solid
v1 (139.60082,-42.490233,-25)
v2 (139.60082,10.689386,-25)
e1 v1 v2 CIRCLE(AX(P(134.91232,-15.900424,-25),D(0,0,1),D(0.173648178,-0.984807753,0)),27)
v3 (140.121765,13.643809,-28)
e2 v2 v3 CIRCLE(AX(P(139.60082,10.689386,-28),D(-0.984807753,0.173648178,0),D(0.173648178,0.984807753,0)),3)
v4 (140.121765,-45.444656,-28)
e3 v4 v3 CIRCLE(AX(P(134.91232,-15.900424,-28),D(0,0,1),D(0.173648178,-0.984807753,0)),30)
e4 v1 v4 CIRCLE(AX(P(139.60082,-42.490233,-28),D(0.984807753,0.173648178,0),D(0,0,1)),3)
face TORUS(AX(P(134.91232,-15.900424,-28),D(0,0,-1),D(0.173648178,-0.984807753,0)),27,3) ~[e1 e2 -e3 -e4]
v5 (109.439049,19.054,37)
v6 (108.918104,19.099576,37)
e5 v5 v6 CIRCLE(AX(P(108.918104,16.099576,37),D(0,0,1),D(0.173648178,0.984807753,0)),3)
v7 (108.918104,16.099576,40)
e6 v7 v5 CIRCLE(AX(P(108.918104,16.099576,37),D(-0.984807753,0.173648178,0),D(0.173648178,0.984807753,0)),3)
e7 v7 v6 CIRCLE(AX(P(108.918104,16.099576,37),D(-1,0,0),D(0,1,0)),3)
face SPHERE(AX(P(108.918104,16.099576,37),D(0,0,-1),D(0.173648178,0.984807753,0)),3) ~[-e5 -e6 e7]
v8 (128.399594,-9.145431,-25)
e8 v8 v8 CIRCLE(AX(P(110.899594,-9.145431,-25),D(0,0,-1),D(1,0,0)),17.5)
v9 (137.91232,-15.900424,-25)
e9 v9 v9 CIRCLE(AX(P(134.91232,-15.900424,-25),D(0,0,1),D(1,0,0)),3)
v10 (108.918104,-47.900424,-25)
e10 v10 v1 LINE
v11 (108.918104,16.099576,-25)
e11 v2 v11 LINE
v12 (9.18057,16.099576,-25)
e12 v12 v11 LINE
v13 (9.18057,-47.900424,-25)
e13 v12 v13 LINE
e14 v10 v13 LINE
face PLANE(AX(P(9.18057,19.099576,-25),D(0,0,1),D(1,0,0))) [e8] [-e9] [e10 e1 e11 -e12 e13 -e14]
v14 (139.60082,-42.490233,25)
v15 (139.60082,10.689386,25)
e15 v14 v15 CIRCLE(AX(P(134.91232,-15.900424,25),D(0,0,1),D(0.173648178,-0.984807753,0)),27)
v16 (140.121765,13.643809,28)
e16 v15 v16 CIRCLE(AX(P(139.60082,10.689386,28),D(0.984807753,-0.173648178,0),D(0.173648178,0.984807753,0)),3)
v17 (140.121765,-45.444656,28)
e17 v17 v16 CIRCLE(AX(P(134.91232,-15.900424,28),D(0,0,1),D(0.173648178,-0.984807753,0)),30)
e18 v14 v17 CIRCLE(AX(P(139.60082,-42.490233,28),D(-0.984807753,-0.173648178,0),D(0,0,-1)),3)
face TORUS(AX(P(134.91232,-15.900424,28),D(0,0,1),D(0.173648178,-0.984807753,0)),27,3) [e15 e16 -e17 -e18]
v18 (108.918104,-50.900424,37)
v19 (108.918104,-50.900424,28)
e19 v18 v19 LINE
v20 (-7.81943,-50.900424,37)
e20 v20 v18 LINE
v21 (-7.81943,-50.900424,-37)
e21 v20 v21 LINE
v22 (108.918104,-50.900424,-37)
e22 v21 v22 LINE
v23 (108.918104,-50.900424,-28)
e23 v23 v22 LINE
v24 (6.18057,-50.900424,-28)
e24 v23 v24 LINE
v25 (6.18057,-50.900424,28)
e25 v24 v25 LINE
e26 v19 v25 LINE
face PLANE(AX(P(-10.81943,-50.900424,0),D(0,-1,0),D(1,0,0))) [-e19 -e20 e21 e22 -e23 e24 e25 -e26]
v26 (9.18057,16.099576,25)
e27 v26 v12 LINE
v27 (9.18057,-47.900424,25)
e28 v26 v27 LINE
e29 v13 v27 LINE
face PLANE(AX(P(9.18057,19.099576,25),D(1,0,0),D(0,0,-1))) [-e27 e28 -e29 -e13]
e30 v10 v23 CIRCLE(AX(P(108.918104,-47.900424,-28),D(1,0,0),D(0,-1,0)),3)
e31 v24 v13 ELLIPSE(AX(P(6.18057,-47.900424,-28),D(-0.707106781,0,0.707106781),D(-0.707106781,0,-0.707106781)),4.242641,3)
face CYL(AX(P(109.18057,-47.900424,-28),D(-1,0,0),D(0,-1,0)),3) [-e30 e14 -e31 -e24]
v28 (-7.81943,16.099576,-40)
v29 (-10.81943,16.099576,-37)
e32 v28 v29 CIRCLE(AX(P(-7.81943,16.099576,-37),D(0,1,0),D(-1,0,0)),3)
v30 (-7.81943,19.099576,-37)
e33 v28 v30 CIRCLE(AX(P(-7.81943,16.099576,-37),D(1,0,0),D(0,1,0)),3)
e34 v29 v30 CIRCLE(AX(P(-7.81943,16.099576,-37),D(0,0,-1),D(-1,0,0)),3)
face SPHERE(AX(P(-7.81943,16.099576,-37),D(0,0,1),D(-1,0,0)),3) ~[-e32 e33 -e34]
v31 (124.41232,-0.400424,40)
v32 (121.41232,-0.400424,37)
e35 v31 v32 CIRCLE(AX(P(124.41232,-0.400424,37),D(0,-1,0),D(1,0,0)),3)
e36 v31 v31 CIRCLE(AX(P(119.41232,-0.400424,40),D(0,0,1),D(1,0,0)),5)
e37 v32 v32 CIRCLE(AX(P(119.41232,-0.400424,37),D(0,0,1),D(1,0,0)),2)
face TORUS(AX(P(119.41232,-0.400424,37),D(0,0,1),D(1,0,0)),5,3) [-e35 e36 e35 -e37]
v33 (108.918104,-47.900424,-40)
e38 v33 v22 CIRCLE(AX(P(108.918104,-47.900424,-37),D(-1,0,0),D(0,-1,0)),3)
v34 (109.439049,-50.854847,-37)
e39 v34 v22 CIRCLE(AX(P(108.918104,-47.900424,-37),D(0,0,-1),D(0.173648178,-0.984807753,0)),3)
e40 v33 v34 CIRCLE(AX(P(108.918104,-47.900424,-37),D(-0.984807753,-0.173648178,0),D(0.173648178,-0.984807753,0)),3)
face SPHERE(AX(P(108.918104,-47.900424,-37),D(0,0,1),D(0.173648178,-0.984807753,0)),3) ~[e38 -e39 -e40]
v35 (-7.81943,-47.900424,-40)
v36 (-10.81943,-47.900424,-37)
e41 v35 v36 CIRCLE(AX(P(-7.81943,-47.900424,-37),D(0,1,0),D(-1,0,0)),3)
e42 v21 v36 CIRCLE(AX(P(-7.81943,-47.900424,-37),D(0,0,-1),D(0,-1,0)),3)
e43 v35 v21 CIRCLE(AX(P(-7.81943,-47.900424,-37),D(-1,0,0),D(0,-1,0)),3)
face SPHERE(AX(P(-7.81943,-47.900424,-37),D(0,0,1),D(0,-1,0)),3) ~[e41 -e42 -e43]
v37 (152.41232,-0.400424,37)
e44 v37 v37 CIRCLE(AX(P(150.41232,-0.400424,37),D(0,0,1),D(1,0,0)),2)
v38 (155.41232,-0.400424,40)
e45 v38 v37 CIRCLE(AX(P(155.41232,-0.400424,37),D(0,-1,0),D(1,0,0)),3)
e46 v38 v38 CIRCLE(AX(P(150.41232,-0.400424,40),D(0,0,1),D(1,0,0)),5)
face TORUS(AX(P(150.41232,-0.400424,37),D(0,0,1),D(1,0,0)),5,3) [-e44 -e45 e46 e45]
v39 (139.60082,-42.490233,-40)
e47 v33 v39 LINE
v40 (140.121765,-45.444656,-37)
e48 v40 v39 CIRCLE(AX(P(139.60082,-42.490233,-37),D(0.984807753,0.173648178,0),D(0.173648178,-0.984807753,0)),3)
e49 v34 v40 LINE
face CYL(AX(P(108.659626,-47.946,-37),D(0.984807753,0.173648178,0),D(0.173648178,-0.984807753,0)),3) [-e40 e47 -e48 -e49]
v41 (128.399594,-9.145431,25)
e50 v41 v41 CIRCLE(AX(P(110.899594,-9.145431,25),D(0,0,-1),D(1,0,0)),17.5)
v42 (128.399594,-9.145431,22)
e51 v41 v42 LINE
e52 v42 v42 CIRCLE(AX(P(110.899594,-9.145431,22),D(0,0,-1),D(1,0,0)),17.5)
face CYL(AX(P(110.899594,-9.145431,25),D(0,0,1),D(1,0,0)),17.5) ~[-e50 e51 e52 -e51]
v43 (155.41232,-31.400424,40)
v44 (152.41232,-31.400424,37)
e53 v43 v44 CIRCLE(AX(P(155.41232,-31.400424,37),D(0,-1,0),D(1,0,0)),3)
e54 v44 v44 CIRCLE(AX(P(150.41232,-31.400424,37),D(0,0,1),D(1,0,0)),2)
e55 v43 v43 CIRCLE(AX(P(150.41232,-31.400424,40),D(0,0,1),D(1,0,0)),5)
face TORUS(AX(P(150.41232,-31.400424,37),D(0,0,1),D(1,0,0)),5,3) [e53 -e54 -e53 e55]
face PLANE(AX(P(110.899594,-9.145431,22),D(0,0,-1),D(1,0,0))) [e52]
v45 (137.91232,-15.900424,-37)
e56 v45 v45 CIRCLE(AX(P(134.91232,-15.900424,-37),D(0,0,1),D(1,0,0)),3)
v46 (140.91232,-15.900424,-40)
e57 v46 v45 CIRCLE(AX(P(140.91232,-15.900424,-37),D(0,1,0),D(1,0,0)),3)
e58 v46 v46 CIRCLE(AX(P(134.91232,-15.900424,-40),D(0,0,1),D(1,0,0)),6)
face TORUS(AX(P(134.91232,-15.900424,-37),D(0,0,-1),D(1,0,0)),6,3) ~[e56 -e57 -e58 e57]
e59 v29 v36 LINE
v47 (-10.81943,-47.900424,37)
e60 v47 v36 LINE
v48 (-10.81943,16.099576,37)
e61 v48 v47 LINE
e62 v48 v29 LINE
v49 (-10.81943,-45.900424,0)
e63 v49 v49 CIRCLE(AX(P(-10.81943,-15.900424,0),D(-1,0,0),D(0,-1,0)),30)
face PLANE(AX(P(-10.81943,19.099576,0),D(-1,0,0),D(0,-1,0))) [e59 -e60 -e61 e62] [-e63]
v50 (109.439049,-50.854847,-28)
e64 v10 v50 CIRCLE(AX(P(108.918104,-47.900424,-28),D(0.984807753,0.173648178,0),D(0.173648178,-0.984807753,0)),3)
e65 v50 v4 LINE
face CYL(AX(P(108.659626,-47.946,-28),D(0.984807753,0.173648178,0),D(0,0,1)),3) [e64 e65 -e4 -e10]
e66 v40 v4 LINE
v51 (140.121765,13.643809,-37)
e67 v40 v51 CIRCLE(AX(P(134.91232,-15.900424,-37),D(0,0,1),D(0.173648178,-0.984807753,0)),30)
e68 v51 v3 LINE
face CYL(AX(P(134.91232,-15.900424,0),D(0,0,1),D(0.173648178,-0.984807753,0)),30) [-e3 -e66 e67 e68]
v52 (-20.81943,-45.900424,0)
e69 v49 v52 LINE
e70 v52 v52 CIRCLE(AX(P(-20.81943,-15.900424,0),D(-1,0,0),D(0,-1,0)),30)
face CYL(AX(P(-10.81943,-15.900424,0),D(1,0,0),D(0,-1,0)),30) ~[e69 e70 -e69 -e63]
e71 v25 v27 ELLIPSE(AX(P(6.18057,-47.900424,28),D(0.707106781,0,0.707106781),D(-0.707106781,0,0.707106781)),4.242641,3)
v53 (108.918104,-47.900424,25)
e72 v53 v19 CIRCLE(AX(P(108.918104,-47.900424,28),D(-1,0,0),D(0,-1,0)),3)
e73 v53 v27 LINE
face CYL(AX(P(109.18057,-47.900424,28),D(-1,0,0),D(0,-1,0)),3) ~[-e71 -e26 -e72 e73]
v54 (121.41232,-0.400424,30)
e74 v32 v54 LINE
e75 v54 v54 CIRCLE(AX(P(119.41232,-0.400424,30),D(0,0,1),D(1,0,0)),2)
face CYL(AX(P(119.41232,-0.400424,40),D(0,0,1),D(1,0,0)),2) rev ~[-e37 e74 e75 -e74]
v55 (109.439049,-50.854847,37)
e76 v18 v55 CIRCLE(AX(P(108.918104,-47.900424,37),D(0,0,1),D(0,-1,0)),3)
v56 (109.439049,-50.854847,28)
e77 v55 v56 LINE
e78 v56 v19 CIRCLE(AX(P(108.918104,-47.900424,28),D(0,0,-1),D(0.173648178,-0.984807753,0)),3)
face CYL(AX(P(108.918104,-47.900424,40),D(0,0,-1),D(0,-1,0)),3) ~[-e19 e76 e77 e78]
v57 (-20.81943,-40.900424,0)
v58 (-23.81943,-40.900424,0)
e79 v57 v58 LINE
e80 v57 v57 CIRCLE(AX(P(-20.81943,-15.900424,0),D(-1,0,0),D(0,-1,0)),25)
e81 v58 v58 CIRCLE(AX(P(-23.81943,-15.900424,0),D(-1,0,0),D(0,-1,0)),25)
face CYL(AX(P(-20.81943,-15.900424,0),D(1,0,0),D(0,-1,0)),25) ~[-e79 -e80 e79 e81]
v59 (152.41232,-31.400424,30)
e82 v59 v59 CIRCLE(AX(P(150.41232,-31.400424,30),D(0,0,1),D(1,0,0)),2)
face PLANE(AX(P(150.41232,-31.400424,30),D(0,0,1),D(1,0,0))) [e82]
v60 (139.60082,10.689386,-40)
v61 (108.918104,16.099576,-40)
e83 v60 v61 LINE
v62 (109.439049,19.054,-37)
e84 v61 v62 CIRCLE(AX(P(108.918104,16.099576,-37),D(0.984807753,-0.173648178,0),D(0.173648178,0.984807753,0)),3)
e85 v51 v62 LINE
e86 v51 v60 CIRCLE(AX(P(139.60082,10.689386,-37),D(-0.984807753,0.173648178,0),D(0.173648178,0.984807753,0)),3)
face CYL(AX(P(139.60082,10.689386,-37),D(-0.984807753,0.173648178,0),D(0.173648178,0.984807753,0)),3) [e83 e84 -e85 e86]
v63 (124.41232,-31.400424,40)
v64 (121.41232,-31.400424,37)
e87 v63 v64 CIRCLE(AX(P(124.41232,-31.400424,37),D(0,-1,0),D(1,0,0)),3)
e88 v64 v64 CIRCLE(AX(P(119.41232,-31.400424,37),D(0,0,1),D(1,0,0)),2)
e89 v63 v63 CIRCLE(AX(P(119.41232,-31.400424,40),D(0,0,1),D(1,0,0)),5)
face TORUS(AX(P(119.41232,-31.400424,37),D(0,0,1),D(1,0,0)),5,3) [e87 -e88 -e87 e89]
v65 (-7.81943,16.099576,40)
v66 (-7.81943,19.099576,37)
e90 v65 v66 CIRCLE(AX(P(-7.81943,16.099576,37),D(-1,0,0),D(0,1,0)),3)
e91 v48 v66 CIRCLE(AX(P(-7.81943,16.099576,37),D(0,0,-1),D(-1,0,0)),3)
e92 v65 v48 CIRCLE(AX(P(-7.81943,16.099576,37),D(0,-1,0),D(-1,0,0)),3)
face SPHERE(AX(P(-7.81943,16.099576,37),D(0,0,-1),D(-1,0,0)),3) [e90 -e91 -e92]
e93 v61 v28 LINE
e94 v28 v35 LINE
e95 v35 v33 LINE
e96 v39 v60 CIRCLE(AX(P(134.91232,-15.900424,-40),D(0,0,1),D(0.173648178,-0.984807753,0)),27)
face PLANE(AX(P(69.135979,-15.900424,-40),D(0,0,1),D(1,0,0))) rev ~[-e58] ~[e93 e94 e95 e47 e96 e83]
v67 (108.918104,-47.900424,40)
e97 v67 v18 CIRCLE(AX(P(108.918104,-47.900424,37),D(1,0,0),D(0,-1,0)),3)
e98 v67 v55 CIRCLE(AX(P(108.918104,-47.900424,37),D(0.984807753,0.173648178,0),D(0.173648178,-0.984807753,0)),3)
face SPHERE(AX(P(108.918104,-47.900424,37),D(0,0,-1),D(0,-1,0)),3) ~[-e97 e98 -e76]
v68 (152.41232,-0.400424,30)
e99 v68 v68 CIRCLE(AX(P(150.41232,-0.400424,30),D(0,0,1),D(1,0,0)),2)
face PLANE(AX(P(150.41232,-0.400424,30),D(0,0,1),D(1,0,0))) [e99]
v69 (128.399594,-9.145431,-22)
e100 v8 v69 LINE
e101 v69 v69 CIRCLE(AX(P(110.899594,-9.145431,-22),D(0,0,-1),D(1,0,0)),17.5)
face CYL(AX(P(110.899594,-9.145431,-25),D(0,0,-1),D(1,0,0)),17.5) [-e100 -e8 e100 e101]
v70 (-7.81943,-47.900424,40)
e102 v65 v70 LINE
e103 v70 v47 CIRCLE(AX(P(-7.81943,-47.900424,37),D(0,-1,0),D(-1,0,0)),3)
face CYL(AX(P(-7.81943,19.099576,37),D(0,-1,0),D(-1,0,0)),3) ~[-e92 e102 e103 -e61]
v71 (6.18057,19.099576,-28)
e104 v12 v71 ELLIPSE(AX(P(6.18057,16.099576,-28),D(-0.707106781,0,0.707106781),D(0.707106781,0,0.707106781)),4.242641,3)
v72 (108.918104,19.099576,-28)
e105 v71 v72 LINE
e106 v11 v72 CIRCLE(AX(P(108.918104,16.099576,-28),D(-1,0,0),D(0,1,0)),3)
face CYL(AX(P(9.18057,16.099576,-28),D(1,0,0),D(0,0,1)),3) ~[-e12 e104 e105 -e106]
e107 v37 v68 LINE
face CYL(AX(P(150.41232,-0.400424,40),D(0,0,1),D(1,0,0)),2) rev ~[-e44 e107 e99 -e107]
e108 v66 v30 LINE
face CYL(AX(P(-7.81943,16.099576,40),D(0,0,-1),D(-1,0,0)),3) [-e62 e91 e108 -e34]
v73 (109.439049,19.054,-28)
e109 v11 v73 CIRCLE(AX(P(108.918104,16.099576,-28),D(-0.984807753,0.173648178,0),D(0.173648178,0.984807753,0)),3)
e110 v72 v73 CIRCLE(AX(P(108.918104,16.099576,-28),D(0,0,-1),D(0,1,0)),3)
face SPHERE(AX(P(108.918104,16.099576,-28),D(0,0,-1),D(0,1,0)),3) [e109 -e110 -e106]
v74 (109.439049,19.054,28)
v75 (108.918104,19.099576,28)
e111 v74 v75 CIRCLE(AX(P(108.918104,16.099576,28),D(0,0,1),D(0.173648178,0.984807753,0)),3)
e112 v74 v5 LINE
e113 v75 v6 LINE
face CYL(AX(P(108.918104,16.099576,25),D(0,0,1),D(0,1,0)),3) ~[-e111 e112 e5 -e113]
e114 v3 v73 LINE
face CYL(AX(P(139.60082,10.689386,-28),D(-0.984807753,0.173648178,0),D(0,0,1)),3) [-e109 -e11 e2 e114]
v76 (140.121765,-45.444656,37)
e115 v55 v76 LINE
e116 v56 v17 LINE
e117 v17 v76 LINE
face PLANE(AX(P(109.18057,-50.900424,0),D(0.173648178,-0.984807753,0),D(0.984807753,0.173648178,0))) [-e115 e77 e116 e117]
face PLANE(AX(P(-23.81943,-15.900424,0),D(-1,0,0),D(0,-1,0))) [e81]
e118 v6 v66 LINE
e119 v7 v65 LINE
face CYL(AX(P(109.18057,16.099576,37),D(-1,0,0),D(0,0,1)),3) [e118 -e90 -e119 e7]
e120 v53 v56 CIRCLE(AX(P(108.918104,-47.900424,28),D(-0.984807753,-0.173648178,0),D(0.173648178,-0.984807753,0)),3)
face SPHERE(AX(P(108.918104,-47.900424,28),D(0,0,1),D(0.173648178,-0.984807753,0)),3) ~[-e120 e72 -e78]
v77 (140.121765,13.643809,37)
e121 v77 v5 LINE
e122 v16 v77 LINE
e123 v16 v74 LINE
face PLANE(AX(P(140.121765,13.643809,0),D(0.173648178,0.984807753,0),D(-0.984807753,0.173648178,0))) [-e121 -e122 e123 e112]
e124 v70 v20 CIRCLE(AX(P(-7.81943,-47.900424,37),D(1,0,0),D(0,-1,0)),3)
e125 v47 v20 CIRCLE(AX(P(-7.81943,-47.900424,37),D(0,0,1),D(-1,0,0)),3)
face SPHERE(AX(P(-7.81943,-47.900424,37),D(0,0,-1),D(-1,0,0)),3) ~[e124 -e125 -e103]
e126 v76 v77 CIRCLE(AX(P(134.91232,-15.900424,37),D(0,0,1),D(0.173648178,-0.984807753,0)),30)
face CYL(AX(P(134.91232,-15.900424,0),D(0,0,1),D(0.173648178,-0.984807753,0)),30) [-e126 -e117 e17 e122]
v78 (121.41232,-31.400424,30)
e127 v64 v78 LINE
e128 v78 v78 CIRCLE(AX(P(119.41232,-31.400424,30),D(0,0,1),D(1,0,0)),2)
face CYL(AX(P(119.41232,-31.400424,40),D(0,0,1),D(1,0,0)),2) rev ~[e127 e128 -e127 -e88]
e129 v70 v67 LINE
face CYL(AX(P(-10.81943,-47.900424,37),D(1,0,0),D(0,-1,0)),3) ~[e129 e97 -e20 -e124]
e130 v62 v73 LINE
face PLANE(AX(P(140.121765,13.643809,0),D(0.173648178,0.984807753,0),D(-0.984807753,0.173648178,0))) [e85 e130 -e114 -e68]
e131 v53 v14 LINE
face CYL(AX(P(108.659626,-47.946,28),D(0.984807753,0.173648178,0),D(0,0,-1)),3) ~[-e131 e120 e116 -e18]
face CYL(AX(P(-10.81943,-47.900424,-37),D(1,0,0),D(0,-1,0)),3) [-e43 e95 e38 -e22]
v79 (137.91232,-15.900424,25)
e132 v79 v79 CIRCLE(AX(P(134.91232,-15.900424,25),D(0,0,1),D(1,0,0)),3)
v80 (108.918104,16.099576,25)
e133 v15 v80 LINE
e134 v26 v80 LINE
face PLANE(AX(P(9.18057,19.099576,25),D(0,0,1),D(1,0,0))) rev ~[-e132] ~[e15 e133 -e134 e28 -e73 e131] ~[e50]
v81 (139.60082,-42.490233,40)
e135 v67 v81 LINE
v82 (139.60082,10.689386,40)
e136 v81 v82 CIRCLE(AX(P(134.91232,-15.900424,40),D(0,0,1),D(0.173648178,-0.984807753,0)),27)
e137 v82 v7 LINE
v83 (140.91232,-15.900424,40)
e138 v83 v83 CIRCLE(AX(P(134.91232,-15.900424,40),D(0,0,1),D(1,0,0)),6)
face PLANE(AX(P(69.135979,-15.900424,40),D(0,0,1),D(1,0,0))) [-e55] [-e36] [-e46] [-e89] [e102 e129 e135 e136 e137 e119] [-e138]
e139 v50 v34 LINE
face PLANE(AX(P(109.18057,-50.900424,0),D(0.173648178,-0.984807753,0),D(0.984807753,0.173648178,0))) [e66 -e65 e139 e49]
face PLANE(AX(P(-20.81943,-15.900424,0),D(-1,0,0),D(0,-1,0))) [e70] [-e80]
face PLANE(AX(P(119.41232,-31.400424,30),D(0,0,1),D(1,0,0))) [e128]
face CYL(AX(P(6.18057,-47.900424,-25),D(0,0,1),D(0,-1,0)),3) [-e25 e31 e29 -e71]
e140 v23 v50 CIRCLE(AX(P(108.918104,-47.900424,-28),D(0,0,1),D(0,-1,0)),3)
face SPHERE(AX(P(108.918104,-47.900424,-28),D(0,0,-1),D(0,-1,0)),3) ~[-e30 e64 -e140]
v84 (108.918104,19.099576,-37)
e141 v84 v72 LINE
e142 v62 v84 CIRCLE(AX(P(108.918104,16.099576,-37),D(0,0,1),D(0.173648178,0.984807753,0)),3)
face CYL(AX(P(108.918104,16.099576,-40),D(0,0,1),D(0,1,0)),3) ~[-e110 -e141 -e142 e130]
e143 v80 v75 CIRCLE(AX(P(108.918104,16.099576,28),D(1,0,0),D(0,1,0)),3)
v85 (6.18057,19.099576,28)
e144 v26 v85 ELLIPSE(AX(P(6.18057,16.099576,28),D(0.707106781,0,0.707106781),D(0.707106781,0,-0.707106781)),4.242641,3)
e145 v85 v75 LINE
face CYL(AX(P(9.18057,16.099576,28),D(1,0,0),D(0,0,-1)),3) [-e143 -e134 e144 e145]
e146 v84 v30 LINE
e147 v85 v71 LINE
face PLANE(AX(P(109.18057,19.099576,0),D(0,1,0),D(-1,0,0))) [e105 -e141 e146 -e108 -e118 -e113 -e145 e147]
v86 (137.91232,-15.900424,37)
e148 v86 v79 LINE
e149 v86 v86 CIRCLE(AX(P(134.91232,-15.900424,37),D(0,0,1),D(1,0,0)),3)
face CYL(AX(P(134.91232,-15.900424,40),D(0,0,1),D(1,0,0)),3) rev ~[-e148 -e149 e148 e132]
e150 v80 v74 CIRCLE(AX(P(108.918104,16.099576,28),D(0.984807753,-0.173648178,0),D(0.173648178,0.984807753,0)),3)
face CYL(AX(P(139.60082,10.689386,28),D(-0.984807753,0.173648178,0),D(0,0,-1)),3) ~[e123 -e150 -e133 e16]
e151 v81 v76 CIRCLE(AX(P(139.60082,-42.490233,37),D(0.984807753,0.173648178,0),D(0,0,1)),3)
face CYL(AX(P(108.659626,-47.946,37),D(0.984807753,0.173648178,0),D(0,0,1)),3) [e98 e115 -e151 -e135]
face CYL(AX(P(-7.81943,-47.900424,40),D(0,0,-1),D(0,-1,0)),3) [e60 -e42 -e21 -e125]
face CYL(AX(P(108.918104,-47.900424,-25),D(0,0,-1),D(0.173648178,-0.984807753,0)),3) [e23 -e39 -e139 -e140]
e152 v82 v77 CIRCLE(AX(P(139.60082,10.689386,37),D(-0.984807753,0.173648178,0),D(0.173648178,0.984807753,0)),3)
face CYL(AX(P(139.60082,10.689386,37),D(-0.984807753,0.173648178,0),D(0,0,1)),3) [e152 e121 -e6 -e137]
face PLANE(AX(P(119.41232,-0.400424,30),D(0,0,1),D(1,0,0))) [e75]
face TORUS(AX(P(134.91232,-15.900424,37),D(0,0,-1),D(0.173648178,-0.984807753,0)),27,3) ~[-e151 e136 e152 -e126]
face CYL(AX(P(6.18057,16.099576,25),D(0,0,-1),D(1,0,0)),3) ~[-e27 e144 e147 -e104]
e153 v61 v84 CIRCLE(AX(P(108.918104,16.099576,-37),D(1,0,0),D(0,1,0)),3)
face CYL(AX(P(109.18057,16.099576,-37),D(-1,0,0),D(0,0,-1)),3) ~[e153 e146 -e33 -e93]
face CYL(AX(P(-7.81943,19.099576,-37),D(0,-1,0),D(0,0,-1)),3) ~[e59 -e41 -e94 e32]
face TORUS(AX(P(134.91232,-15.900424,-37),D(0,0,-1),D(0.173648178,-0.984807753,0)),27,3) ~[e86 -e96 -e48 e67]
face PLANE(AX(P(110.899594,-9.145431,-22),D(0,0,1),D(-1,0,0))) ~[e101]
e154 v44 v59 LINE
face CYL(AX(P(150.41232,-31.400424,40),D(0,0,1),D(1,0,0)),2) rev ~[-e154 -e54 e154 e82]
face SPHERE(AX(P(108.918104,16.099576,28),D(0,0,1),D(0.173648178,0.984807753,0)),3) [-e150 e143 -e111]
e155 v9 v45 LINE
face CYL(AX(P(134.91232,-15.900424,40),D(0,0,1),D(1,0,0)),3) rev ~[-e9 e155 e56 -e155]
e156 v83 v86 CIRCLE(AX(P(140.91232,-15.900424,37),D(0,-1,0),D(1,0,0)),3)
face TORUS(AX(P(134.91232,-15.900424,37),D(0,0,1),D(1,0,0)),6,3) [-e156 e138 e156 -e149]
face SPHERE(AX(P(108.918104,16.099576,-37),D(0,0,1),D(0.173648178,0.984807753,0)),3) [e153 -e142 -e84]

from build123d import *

# Parameters (mm, degrees)
BOSS_EXTRUDE1_DEPTH = 40
SKETCH2_W           = 199.88478884
SKETCH2_H           = 50
CUT_EXTRUDE1_DEPTH  = 184.564901716
SKETCH3_R           = 17.5
BOSS_EXTRUDE2_DEPTH = 3
SKETCH4_R           = 2
CUT_EXTRUDE2_DEPTH  = 10
SKETCH5_R           = 3
CUT_EXTRUDE3_DEPTH  = 191.228615765
SKETCH6_R           = 30
BOSS_EXTRUDE3_DEPTH = 10
SKETCH8_R           = 25
BOSS_EXTRUDE4_DEPTH = 3
FILLET1_R           = 3


with BuildPart() as part:
    # Sketch1 → Boss-Extrude1 (new, symmetric)
    with BuildSketch(Plane.XY):
        with BuildLine():
            Line((109.180570366, -50.900423512), (140.121764888, -45.444656103))
            ThreePointArc((140.121764888, -45.444656103), (164.912319558, -15.900423512), (140.121764888, 13.643809078))
            Line((140.121764888, 13.643809078), (109.180570366, 19.099576488))
            Line((109.180570366, 19.099576488), (-10.819429634, 19.099576488))
            Line((-10.819429634, 19.099576488), (-10.819429634, -50.900423512))
            Line((-10.819429634, -50.900423512), (109.180570366, -50.900423512))
        make_face()
    extrude(amount=BOSS_EXTRUDE1_DEPTH, both=True)

    # Sketch2 → Cut-Extrude1 (cut, through all)
    with BuildSketch(Plane(origin=(0, 19.099576488, 0), x_dir=(1, 0, 0), z_dir=(0, 1, 0))):
        with Locations((109.122964786, 0)):
            Rectangle(SKETCH2_W, SKETCH2_H)
    extrude(amount=-CUT_EXTRUDE1_DEPTH, mode=Mode.SUBTRACT)

    # Sketch3 → Boss-Extrude2 (add)
    with BuildSketch(Plane(origin=(0, 0, 25), x_dir=(-1, 0, 0), z_dir=(0, 0, -1))):
        with Locations(Location((-110.899594144, -9.145430559, 0), (0, 0, 180))):
            Circle(SKETCH3_R)
    boss_extrude2 = extrude(amount=BOSS_EXTRUDE2_DEPTH)

    # Mirror1: Boss-Extrude2 across plane
    add(boss_extrude2.mirror(Plane.XY))

    # Sketch4 → Cut-Extrude2 (cut)
    with BuildSketch(Plane.XY.offset(40)):
        with Locations((150.412319558, -0.400423512)):
            Circle(SKETCH4_R)
        with Locations((119.412319558, -0.400423512)):
            Circle(SKETCH4_R)
        with Locations((150.412319558, -31.400423512)):
            Circle(SKETCH4_R)
        with Locations((119.412319558, -31.400423512)):
            Circle(SKETCH4_R)
    extrude(amount=-CUT_EXTRUDE2_DEPTH, mode=Mode.SUBTRACT)

    # Sketch5 → Cut-Extrude3 (cut, through all)
    with BuildSketch(Plane.XY.offset(40)):
        with Locations((134.912319558, -15.900423512)):
            Circle(SKETCH5_R)
    extrude(amount=-CUT_EXTRUDE3_DEPTH, mode=Mode.SUBTRACT)

    # Sketch6 → Boss-Extrude3 (add)
    with BuildSketch(Plane.ZY.offset(10.819429634)):
        with Locations(Location((0, -15.900423512, 0), (0, 0, 270))):
            Circle(SKETCH6_R)
    extrude(amount=BOSS_EXTRUDE3_DEPTH)

    # Sketch8 → Boss-Extrude4 (add)
    with BuildSketch(Plane.ZY.offset(20.819429634)):
        with Locations(Location((0, -15.900423512, 0), (0, 0, 270))):
            Circle(SKETCH8_R)
    extrude(amount=BOSS_EXTRUDE4_DEPTH)

    # Fillet1
    fillet1_edges = [part.edges().sort_by_distance(p)[0] for p in [
        (109.180570366, -50.900423512, 32.5),
        (-10.819429634, -50.900423512, 0),
        (-10.819429634, 19.099576488, 0),
        (109.180570366, 19.099576488, 32.5),
        (-10.819429634, -15.900423512, 40),
        (49.180570366, -50.900423512, 40),
        (164.912319558, -15.900423512, 25),
        (164.912319558, -15.900423512, -25),
        (124.651167627, -48.172539808, 40),
        (109.180570366, -50.900423512, -32.5),
        (109.180570366, 19.099576488, -32.5),
        (164.912319558, -15.900423512, 40),
        (59.180570366, 19.099576488, 25),
        (59.180570366, 19.099576488, -25),
        (9.180570366, 19.099576488, 0),
        (124.651167627, 16.371692783, -25),
        (124.651167627, -48.172539808, -25),
        (59.180570366, -50.900423512, -25),
        (124.651167627, 16.371692783, 25),
        (59.180570366, -50.900423512, 25),
        (124.651167627, -48.172539808, 25),
        (9.180570366, -50.900423512, 0),
        (124.651167627, 16.371692783, 40),
        (117.412319558, -0.400423512, 40),
        (117.412319558, -31.400423512, 40),
        (148.412319558, -31.400423512, 40),
        (148.412319558, -0.400423512, 40),
        (164.912319558, -15.900423512, -40),
        (131.912319558, -15.900423512, -40),
        (131.912319558, -15.900423512, 40),
        (124.651167627, -48.172539808, -40),
        (49.180570366, -50.900423512, -40),
        (-10.819429634, -15.900423512, -40),
        (49.180570366, 19.099576488, -40),
        (124.651167627, 16.371692783, -40),
        (49.180570366, 19.099576488, 40),
    ]]
    fillet(fillet1_edges, radius=FILLET1_R)


solid = part.part
